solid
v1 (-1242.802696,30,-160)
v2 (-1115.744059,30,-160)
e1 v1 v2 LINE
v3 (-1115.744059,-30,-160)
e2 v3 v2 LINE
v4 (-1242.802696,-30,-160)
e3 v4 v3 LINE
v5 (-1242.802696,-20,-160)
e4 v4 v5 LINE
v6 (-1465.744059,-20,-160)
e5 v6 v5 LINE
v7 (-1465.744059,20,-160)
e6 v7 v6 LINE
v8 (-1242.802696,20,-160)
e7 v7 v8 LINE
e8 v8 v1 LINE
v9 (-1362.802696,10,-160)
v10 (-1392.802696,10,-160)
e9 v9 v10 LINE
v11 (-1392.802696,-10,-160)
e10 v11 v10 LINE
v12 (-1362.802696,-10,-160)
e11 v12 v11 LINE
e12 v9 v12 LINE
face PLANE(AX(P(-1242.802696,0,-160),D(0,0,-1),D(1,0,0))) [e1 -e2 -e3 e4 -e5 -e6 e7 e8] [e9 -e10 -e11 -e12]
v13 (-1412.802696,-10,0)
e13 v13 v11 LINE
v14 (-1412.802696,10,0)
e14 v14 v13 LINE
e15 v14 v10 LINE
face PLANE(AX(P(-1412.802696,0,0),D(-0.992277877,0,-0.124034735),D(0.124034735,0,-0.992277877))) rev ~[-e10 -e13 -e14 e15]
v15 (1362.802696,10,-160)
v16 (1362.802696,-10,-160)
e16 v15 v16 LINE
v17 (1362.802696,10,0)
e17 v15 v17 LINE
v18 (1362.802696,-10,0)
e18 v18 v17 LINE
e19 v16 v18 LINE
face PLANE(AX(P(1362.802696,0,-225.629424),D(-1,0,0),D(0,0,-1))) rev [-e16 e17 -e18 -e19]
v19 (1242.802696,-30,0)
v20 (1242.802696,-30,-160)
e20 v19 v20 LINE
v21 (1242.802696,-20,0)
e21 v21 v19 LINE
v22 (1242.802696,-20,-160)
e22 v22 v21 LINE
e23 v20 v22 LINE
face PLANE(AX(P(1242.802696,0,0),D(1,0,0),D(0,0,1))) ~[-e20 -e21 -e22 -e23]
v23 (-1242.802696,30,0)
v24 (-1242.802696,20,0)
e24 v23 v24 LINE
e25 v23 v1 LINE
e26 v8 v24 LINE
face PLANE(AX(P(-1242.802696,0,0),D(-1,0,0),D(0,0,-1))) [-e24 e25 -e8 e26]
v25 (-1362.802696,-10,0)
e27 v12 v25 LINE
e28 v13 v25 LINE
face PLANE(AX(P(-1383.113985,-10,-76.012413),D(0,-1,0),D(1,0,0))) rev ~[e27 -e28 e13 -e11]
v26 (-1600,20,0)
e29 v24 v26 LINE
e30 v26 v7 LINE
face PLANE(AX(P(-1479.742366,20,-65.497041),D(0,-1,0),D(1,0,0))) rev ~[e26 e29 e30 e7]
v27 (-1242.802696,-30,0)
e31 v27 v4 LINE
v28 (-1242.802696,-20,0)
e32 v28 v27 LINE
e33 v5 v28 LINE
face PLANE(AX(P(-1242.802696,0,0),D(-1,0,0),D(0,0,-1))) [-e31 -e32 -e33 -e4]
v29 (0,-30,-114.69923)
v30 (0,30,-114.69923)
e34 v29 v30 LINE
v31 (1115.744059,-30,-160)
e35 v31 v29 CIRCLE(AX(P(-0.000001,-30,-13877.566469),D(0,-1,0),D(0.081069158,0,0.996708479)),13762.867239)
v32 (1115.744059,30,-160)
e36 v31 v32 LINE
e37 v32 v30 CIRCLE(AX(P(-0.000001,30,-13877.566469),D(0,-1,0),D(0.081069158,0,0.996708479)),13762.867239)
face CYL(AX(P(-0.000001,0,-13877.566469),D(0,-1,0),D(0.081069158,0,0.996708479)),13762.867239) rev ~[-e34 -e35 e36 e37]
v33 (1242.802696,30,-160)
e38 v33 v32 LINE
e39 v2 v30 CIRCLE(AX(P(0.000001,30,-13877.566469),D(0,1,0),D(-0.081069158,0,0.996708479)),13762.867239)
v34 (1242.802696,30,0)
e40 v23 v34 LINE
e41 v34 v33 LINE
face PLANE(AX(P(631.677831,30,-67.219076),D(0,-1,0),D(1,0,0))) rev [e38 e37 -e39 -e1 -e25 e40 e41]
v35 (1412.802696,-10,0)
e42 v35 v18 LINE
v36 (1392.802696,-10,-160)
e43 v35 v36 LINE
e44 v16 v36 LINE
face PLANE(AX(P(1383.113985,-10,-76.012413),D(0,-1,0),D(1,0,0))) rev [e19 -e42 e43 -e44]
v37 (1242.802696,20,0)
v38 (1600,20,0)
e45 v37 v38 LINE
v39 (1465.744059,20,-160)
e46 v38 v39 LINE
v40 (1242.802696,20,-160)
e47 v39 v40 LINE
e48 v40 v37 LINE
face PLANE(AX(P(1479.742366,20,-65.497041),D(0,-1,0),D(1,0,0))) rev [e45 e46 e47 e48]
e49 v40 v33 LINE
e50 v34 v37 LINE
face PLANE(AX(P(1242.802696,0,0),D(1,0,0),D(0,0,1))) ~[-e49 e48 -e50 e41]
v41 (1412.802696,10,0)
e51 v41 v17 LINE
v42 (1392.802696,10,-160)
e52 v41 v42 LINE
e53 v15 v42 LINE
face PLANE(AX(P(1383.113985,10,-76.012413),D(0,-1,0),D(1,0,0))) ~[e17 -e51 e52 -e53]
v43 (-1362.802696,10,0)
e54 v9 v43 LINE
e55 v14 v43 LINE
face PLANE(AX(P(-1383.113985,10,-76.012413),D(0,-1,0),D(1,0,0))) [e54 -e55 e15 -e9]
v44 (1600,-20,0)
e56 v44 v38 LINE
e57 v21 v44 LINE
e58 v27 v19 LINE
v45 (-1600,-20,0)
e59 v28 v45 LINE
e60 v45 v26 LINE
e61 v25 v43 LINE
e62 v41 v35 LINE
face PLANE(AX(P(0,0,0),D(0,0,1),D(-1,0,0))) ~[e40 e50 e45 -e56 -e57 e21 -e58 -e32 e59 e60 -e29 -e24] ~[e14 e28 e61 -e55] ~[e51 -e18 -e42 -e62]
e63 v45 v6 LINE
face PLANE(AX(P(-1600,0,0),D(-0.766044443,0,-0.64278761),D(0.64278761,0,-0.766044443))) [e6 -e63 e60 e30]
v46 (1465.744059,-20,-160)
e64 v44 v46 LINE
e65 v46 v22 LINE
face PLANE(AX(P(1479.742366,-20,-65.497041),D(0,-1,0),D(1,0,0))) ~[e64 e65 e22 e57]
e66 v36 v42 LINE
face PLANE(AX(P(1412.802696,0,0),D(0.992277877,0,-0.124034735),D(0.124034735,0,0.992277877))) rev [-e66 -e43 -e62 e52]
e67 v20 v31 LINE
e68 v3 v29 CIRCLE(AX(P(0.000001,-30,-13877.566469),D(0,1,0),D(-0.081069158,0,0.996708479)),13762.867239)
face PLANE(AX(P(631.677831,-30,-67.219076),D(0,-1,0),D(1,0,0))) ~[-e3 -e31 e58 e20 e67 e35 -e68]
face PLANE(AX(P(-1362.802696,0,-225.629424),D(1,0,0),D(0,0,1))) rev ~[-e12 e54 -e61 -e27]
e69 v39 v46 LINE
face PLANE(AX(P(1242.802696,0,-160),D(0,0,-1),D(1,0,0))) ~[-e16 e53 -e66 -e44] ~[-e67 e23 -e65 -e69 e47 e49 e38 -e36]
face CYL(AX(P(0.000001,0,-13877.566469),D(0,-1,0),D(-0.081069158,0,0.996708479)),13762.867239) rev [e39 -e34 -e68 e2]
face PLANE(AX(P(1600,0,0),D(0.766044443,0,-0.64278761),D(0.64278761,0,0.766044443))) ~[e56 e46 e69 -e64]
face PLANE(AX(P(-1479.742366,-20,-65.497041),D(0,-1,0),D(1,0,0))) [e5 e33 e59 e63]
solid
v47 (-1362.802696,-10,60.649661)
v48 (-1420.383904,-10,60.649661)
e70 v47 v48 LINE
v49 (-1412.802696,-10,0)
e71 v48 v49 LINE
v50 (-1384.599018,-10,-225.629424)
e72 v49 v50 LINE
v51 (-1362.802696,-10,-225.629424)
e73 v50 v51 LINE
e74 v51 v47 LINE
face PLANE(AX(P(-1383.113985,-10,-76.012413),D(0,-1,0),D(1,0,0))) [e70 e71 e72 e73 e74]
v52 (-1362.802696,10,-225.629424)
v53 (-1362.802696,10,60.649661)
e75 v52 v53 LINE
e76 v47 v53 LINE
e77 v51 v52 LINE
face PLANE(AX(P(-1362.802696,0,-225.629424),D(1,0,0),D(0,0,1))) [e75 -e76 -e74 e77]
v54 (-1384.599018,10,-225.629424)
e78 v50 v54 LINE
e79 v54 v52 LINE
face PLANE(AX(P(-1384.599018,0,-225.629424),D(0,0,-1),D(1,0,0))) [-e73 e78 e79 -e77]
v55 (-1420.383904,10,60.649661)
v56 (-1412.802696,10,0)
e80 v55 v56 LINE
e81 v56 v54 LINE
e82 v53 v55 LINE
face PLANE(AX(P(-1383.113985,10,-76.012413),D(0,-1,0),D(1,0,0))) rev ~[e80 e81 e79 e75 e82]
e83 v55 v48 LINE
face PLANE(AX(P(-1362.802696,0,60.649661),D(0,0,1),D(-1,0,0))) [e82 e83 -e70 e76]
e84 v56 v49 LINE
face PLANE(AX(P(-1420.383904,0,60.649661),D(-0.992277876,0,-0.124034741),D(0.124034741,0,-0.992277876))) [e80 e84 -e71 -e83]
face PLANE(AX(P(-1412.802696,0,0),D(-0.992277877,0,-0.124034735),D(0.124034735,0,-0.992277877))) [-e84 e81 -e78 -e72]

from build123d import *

# Parameters (mm, degrees)
F0_W     = 120
F0_H     = 160
F1_DEPTH = 20
F2_DEPTH = 10
F4_DEPTH = 30


with BuildPart() as f1:
    # F0 (on Front) → F1 (new body, symmetric)
    with BuildSketch(Plane.XZ):
        Polygon((-1392.802696, -160), (-1412.802696, 0), (-1600, 0), (-1465.744059, -160), align=None)
        with Locations((-1302.802696, -80)):
            Rectangle(F0_W, F0_H)
        Polygon((-1362.802696, -160), (-1362.802696, 0), (-1412.802696, 0), (-1392.802696, -160), align=None)
    extrude(amount=F1_DEPTH, both=True)


with BuildPart() as f2:
    # F0 (on Front) → F2 (new body, symmetric)
    with BuildSketch(Plane.XZ):
        Polygon((-1362.802696, -160), (-1362.802696, 0), (-1412.802696, 0), (-1392.802696, -160), align=None)
        Polygon((-1412.802696, 0), (-1362.802696, 0), (-1362.802696, 60.649661), (-1420.383904, 60.649661), align=None)
        Polygon((-1362.802696, -225.629424), (-1362.802696, -160), (-1392.802696, -160), (-1384.599018, -225.629424), align=None)
    extrude(amount=F2_DEPTH, both=True)


with BuildPart() as f1_1:
    add(f1.part)

    # F3: cut F2
    add(f2.part, mode=Mode.SUBTRACT)

    # F0 (on Front) → F4 (join, symmetric)
    with BuildSketch(Plane.XZ):
        with BuildLine():
            Line((0, -114.69923), (0, 0))
            Line((0, 0), (-1242.802696, 0))
            Line((-1242.802696, 0), (-1242.802696, -160))
            Line((-1242.802696, -160), (-1115.744059, -160))
            ThreePointArc((-1115.744059, -160), (-558.331659, -126.029086), (0, -114.69923))
        make_face()
    extrude(amount=F4_DEPTH, both=True)

    # F5: F1 across plane


with BuildPart() as f1_2:
    add(f1_1.part)
    add(f1_1.part.mirror(Plane.YZ))


solid = Compound([f2.part, f1_2.part])
